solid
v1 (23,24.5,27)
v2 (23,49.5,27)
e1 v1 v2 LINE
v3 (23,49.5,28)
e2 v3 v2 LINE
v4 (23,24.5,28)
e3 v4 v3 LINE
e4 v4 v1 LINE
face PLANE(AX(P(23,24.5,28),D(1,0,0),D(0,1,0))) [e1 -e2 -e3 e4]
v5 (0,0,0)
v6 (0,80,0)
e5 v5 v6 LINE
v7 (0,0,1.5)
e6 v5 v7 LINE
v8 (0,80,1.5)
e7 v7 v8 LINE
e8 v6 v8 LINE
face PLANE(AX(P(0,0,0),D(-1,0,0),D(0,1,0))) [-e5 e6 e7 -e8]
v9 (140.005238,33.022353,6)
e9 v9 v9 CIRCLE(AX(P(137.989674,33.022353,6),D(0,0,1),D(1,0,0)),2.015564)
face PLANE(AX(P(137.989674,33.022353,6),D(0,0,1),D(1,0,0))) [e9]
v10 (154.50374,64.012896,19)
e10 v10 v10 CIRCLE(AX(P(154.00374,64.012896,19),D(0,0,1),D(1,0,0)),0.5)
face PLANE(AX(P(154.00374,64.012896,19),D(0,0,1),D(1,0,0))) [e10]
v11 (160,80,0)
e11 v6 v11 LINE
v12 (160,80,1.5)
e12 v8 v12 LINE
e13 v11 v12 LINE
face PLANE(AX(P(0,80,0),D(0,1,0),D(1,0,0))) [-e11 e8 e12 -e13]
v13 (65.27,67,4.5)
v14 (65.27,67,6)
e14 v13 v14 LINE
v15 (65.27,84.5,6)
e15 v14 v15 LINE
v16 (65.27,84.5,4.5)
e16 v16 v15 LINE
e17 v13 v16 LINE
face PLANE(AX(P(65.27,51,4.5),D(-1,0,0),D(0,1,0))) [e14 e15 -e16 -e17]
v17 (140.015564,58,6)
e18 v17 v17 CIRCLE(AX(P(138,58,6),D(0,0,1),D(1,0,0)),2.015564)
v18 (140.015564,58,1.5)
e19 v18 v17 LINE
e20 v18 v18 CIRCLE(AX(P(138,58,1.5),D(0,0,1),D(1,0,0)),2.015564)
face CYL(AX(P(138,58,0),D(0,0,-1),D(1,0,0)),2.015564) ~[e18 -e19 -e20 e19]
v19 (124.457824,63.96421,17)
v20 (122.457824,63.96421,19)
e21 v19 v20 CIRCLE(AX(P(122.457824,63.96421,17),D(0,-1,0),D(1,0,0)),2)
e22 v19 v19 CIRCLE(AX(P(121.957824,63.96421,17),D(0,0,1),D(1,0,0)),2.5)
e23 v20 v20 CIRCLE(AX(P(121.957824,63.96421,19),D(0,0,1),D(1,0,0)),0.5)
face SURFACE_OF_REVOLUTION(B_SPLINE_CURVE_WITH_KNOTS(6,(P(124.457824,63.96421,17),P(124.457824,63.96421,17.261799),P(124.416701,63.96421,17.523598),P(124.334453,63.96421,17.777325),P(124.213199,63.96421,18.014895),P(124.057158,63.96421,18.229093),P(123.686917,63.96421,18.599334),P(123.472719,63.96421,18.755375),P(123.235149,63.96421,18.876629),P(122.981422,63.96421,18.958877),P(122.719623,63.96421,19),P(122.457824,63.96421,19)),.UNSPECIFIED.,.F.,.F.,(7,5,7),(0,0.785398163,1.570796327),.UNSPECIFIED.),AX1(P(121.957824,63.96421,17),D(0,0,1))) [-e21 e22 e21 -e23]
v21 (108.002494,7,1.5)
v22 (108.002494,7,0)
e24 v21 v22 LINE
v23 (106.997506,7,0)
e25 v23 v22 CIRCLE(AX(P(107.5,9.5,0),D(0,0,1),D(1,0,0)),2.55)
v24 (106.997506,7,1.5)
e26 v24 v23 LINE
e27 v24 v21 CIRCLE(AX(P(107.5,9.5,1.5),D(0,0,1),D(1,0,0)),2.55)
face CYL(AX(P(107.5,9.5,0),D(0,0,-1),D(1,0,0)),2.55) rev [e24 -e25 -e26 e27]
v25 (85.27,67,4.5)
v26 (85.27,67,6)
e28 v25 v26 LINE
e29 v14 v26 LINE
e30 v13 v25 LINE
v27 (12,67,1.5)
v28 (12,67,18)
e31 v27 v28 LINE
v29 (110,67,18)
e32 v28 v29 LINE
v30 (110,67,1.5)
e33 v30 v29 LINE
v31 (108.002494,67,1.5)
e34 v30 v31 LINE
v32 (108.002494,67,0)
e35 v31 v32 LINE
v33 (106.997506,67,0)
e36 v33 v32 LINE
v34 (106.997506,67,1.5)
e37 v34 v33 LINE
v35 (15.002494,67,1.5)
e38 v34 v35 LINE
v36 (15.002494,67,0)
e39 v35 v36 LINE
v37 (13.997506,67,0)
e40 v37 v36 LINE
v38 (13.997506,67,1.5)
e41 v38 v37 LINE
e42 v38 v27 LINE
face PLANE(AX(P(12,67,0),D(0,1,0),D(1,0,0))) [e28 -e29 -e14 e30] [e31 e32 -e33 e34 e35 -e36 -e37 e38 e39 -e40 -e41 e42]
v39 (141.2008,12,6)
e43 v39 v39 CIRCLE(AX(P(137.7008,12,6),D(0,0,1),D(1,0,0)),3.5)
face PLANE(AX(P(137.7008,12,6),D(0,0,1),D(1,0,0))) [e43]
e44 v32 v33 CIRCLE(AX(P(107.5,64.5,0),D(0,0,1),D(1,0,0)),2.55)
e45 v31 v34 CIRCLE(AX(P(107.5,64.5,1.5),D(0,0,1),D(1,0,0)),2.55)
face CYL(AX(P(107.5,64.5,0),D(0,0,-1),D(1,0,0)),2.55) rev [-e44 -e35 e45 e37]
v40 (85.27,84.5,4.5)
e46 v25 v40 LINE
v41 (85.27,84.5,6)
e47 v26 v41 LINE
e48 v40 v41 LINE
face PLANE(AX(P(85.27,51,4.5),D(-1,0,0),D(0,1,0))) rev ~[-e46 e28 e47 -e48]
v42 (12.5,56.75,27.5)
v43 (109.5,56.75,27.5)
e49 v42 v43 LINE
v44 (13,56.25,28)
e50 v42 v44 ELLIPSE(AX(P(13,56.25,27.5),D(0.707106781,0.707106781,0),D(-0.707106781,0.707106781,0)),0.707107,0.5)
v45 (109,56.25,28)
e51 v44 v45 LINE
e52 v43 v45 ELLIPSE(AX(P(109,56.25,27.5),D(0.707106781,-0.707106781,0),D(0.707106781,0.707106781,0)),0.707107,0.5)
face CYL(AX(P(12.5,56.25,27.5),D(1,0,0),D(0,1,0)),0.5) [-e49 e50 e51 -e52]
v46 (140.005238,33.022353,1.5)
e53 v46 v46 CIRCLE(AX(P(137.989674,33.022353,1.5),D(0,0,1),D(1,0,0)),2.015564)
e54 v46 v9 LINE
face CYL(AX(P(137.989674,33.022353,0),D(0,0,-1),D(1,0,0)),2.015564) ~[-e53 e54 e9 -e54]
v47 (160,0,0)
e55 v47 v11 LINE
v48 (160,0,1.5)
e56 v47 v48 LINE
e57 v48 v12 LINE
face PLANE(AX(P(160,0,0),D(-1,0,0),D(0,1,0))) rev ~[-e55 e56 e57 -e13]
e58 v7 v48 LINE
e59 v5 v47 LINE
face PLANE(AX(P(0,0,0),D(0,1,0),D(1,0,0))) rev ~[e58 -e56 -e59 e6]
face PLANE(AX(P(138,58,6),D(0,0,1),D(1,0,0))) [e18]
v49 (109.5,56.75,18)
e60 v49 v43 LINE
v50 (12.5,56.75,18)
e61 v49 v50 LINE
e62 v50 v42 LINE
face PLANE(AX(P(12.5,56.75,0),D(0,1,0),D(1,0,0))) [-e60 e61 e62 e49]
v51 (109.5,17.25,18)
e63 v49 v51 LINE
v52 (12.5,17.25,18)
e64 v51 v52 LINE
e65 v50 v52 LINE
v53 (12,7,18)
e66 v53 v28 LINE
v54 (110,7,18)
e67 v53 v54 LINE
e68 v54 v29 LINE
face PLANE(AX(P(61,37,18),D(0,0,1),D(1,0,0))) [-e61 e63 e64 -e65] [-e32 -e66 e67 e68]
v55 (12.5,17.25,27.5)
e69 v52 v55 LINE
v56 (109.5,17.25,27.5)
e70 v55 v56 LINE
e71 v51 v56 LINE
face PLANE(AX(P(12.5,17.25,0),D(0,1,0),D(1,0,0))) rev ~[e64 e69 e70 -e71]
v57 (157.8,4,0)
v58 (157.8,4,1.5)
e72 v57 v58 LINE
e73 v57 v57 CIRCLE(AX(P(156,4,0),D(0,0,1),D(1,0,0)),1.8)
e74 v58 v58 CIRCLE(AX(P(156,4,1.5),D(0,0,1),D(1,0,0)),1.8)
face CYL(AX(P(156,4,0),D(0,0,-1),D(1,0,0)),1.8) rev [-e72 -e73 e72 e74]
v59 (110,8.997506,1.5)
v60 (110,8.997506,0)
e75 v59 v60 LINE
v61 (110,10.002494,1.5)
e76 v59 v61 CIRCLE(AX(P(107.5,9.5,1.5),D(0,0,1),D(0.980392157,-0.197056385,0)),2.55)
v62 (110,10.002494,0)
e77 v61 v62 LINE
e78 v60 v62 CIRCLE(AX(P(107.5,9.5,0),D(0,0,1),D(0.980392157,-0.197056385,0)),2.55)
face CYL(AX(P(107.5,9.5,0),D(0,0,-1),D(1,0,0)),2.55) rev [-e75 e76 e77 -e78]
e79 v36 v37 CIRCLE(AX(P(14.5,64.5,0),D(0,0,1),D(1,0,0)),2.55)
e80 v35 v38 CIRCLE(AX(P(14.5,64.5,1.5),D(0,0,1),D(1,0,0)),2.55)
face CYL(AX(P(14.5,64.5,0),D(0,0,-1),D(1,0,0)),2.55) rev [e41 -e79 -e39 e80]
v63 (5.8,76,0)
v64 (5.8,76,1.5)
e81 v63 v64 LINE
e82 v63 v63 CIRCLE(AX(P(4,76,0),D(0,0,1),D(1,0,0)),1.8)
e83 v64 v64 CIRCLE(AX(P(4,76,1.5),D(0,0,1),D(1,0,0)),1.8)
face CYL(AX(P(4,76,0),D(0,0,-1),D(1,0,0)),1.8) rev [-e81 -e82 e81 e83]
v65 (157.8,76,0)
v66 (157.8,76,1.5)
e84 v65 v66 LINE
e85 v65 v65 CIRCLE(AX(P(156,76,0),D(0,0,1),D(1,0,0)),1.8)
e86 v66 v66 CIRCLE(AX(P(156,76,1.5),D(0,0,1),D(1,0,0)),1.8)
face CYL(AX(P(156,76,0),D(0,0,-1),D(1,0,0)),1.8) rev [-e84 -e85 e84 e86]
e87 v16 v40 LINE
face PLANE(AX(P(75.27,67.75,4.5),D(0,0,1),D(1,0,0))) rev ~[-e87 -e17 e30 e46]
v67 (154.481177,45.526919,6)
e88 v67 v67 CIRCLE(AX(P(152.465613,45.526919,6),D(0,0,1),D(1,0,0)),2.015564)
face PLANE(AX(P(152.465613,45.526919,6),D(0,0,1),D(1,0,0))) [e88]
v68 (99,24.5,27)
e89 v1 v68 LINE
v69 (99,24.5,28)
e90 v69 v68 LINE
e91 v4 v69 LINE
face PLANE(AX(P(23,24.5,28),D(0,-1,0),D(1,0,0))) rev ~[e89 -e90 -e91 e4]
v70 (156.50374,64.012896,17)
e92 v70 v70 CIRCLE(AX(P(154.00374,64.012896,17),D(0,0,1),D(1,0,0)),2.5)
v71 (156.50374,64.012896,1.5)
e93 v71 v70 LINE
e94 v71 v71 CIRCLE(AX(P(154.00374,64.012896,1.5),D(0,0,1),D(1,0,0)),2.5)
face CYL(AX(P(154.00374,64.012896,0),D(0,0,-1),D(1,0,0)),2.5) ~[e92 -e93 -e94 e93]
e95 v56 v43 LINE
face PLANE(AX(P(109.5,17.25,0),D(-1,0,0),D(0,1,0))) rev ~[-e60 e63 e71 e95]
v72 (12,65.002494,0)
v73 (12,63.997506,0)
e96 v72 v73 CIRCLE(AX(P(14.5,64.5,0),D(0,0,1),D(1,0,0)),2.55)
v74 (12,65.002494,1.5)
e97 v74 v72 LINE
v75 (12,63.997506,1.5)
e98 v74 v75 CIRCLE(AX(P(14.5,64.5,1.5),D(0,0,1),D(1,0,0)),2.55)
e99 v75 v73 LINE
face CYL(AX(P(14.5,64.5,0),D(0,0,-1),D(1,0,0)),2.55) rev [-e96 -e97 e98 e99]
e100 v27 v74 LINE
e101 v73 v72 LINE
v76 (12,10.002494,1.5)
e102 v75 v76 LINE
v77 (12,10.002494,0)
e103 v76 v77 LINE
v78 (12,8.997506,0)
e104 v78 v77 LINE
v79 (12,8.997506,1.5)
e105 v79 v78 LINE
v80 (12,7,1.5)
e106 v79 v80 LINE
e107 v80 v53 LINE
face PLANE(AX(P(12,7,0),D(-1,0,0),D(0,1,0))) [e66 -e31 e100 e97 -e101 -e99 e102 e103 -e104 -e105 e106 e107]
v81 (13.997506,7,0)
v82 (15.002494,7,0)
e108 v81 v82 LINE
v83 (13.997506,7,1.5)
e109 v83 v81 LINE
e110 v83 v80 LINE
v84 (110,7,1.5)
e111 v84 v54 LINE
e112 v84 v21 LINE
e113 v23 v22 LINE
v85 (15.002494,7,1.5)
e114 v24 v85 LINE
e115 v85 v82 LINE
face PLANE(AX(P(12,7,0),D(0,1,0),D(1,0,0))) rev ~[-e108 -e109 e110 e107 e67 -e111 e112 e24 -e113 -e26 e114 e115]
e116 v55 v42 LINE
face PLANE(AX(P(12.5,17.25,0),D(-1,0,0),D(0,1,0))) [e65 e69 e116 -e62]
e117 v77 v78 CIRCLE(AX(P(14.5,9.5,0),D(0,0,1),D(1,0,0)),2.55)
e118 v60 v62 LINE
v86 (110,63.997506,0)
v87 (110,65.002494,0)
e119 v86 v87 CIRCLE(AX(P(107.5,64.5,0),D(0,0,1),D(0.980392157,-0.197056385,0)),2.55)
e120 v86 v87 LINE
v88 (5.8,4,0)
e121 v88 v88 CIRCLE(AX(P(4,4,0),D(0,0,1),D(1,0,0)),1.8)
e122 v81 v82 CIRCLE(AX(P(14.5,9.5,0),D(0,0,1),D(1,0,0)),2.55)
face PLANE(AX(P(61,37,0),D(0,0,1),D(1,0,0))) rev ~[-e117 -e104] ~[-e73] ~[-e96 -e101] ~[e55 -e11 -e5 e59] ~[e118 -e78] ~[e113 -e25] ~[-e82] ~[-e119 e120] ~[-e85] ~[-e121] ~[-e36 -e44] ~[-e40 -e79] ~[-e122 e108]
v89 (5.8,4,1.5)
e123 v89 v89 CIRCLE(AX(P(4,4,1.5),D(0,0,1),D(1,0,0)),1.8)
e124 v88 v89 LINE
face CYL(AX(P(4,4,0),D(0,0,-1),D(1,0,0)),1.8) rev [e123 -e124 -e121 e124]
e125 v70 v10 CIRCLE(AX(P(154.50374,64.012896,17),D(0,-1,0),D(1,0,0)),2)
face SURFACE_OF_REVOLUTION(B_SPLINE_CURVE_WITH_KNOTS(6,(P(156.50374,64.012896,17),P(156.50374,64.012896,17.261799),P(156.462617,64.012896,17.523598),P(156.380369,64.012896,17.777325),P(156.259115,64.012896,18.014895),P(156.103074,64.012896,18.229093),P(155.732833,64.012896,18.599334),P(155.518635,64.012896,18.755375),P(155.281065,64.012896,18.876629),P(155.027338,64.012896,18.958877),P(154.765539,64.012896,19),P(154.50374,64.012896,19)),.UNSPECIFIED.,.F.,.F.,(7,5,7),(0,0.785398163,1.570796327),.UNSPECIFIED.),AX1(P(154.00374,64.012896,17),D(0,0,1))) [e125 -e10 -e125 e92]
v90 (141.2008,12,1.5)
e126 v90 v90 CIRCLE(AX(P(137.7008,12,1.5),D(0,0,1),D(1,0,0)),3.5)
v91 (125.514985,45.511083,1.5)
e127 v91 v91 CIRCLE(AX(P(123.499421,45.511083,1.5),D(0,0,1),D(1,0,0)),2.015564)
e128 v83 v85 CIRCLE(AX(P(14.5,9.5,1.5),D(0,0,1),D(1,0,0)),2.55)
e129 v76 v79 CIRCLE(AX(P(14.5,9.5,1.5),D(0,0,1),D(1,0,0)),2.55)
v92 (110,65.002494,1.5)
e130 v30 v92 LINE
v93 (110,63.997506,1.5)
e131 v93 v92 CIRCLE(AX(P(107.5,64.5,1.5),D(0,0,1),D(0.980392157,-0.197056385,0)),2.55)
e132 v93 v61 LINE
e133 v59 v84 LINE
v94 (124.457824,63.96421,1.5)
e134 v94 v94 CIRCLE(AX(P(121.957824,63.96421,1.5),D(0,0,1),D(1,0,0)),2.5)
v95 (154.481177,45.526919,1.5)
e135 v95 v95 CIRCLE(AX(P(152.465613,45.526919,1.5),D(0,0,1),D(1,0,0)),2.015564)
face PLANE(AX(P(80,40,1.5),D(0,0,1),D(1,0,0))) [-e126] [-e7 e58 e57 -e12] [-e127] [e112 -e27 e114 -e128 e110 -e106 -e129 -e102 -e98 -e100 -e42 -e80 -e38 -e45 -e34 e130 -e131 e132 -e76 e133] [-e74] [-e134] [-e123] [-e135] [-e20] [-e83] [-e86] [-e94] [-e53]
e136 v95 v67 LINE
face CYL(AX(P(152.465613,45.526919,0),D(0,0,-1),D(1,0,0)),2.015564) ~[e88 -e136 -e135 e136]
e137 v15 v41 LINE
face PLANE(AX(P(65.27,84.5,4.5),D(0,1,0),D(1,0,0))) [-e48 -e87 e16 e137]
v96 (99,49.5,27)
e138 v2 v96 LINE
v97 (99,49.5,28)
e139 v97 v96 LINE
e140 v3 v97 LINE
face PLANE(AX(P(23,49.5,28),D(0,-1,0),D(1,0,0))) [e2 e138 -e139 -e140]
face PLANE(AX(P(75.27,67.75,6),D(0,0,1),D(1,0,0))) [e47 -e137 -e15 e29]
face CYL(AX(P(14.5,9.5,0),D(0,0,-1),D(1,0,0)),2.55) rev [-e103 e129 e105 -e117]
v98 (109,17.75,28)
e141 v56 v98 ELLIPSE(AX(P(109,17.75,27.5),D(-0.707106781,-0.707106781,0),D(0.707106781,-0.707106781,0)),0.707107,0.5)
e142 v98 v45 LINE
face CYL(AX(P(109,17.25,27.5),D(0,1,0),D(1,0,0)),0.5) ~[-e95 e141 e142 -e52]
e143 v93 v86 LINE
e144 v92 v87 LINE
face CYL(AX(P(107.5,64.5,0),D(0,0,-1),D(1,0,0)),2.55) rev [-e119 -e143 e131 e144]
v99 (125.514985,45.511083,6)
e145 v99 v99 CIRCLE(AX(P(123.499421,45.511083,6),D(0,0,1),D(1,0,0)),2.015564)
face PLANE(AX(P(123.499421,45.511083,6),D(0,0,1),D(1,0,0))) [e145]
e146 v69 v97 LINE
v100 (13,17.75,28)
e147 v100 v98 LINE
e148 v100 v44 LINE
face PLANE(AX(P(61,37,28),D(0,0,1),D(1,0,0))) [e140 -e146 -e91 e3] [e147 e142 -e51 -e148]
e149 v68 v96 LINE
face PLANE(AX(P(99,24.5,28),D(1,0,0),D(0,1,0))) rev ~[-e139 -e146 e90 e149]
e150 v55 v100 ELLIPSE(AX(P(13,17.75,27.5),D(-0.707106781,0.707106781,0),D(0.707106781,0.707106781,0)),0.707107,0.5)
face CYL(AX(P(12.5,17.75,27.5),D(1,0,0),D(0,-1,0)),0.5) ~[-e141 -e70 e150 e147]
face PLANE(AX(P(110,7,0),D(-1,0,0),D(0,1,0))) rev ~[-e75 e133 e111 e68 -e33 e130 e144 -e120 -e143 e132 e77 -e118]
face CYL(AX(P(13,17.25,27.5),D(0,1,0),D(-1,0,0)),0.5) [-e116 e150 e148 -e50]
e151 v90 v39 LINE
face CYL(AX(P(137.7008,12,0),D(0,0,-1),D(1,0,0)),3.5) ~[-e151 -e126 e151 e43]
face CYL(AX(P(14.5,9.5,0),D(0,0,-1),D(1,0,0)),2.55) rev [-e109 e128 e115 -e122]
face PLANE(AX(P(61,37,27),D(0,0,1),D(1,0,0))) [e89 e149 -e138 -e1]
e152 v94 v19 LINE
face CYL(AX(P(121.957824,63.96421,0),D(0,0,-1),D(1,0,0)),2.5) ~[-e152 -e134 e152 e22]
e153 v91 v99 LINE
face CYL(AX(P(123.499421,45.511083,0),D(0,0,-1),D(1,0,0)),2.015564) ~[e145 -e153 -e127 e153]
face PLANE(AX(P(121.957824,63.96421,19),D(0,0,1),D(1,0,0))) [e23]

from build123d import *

# Parameters (mm, degrees)
MODEL_W                     = 160
MODEL_H                     = 80
MODEL_R                     = 2.55
MODEL_R_2                   = 1.8
MODEL_R_3                   = 2.5
MODEL_R_4                   = 3.5
MODEL_R_5                   = 2.015564
DODANIE_WYCI_GNI_CIE1_DEPTH = 1.5
MODEL_3_R                   = 2.015564
MODEL_3_R_2                 = 3.5
DODANIE_WYCI_GNI_CIE2_DEPTH = 6
MODEL_4_R                   = 2.5
DODANIE_WYCI_GNI_CIE3_DEPTH = 19
ZAOKR_GLENIE1_R             = 2
MODEL_5_W                   = 98
MODEL_5_H                   = 60
DODANIE_WYCI_GNI_CIE4_DEPTH = 18
MODEL_6_W                   = 97
MODEL_6_H                   = 39.5
DODANIE_WYCI_GNI_CIE5_DEPTH = 28
SZKIC2_W                    = 76
SZKIC2_H                    = 25
WYTNIJ_WYCI_GNI_CIE1_DEPTH  = 1
ZAOKR_GLENIE2_R             = 0.5
DODANIE_WYCI_GNI_CIE6_START = 3
SZKIC3_W                    = 20
SZKIC3_H                    = 33.5
DODANIE_WYCI_GNI_CIE6_DEPTH = 1.5


with BuildPart() as part:
    # Model → Dodanie-wyci_gni_cie1 (new body)
    with BuildSketch(Plane.XY):
        with Locations((80, 40)):
            Rectangle(MODEL_W, MODEL_H)
        with Locations((14.5, 64.5)):
            Circle(MODEL_R, mode=Mode.SUBTRACT)
        with Locations((4, 4)):
            Circle(MODEL_R_2, mode=Mode.SUBTRACT)
        with Locations((154.00374, 64.012896)):
            Circle(MODEL_R_3, mode=Mode.SUBTRACT)
        with Locations((14.5, 9.5)):
            Circle(MODEL_R, mode=Mode.SUBTRACT)
        with Locations((107.5, 9.5)):
            Circle(MODEL_R, mode=Mode.SUBTRACT)
        with Locations((107.5, 64.5)):
            Circle(MODEL_R, mode=Mode.SUBTRACT)
        with Locations((156, 76)):
            Circle(MODEL_R_2, mode=Mode.SUBTRACT)
        with Locations((156, 4)):
            Circle(MODEL_R_2, mode=Mode.SUBTRACT)
        with Locations((137.7008, 12)):
            Circle(MODEL_R_4, mode=Mode.SUBTRACT)
        with Locations((137.989674, 33.022353)):
            Circle(MODEL_R_5, mode=Mode.SUBTRACT)
        with Locations((4, 76)):
            Circle(MODEL_R_2, mode=Mode.SUBTRACT)
        with Locations((123.499421, 45.511083)):
            Circle(MODEL_R_5, mode=Mode.SUBTRACT)
        with Locations((152.465613, 45.526919)):
            Circle(MODEL_R_5, mode=Mode.SUBTRACT)
        with Locations((138, 58)):
            Circle(MODEL_R_5, mode=Mode.SUBTRACT)
        with Locations((121.957824, 63.96421)):
            Circle(MODEL_R_3, mode=Mode.SUBTRACT)
        Polygon((109.5, 56.75), (109.5, 17.25), (12.5, 17.25), (12.5, 56.75), (70.19, 56.75), (70.19, 57.27), (79.715, 57.27), (80.235, 56.75), align=None, mode=Mode.SUBTRACT)
    extrude(amount=DODANIE_WYCI_GNI_CIE1_DEPTH)

    # Model_3 → Dodanie-wyci_gni_cie2 (add)
    with BuildSketch(Plane.XY):
        with Locations((138, 58)):
            Circle(MODEL_3_R)
        with Locations((123.499421, 45.511083)):
            Circle(MODEL_3_R)
        with Locations((152.465613, 45.526919)):
            Circle(MODEL_3_R)
        with Locations((137.7008, 12)):
            Circle(MODEL_3_R_2)
        with Locations((137.989674, 33.022353)):
            Circle(MODEL_3_R)
    extrude(amount=DODANIE_WYCI_GNI_CIE2_DEPTH)

    # Model_4 → Dodanie-wyci_gni_cie3 (add)
    with BuildSketch(Plane.XY):
        with Locations((121.957824, 63.96421)):
            Circle(MODEL_4_R)
        with Locations((154.00374, 64.012896)):
            Circle(MODEL_4_R)
    extrude(amount=DODANIE_WYCI_GNI_CIE3_DEPTH)

    # Zaokr_glenie1
    zaokr_glenie1_edges = [part.edges().sort_by_distance(p)[0] for p in [
        (119.457824, 63.96421, 19),
        (151.50374, 64.012896, 19),
    ]]
    fillet(zaokr_glenie1_edges, radius=ZAOKR_GLENIE1_R)

    # Model_5 → Dodanie-wyci_gni_cie4 (add)
    with BuildSketch(Plane.XY):
        with Locations((61, 37)):
            Rectangle(MODEL_5_W, MODEL_5_H)
    extrude(amount=DODANIE_WYCI_GNI_CIE4_DEPTH)

    # Model_6 → Dodanie-wyci_gni_cie5 (add)
    with BuildSketch(Plane.XY):
        with Locations((61, 37)):
            Rectangle(MODEL_6_W, MODEL_6_H)
    extrude(amount=DODANIE_WYCI_GNI_CIE5_DEPTH)

    # Szkic2 → Wytnij-wyci_gni_cie1 (cut)
    with BuildSketch(Plane.XY.offset(28)):
        with Locations((61, 37)):
            Rectangle(SZKIC2_W, SZKIC2_H)
    extrude(amount=-WYTNIJ_WYCI_GNI_CIE1_DEPTH, mode=Mode.SUBTRACT)

    # Zaokr_glenie2
    zaokr_glenie2_edges = [part.edges().sort_by_distance(p)[0] for p in [
        (12.5, 37, 28),
        (61, 17.25, 28),
        (109.5, 37, 28),
        (61, 56.75, 28),
    ]]
    fillet(zaokr_glenie2_edges, radius=ZAOKR_GLENIE2_R)

    # Szkic3 → Dodanie-wyci_gni_cie6 (add)
    with BuildSketch(Plane.XY.offset(1.5).offset(DODANIE_WYCI_GNI_CIE6_START)):
        with Locations((75.27, 67.75)):
            Rectangle(SZKIC3_W, SZKIC3_H)
    extrude(amount=DODANIE_WYCI_GNI_CIE6_DEPTH)


solid = part.part
